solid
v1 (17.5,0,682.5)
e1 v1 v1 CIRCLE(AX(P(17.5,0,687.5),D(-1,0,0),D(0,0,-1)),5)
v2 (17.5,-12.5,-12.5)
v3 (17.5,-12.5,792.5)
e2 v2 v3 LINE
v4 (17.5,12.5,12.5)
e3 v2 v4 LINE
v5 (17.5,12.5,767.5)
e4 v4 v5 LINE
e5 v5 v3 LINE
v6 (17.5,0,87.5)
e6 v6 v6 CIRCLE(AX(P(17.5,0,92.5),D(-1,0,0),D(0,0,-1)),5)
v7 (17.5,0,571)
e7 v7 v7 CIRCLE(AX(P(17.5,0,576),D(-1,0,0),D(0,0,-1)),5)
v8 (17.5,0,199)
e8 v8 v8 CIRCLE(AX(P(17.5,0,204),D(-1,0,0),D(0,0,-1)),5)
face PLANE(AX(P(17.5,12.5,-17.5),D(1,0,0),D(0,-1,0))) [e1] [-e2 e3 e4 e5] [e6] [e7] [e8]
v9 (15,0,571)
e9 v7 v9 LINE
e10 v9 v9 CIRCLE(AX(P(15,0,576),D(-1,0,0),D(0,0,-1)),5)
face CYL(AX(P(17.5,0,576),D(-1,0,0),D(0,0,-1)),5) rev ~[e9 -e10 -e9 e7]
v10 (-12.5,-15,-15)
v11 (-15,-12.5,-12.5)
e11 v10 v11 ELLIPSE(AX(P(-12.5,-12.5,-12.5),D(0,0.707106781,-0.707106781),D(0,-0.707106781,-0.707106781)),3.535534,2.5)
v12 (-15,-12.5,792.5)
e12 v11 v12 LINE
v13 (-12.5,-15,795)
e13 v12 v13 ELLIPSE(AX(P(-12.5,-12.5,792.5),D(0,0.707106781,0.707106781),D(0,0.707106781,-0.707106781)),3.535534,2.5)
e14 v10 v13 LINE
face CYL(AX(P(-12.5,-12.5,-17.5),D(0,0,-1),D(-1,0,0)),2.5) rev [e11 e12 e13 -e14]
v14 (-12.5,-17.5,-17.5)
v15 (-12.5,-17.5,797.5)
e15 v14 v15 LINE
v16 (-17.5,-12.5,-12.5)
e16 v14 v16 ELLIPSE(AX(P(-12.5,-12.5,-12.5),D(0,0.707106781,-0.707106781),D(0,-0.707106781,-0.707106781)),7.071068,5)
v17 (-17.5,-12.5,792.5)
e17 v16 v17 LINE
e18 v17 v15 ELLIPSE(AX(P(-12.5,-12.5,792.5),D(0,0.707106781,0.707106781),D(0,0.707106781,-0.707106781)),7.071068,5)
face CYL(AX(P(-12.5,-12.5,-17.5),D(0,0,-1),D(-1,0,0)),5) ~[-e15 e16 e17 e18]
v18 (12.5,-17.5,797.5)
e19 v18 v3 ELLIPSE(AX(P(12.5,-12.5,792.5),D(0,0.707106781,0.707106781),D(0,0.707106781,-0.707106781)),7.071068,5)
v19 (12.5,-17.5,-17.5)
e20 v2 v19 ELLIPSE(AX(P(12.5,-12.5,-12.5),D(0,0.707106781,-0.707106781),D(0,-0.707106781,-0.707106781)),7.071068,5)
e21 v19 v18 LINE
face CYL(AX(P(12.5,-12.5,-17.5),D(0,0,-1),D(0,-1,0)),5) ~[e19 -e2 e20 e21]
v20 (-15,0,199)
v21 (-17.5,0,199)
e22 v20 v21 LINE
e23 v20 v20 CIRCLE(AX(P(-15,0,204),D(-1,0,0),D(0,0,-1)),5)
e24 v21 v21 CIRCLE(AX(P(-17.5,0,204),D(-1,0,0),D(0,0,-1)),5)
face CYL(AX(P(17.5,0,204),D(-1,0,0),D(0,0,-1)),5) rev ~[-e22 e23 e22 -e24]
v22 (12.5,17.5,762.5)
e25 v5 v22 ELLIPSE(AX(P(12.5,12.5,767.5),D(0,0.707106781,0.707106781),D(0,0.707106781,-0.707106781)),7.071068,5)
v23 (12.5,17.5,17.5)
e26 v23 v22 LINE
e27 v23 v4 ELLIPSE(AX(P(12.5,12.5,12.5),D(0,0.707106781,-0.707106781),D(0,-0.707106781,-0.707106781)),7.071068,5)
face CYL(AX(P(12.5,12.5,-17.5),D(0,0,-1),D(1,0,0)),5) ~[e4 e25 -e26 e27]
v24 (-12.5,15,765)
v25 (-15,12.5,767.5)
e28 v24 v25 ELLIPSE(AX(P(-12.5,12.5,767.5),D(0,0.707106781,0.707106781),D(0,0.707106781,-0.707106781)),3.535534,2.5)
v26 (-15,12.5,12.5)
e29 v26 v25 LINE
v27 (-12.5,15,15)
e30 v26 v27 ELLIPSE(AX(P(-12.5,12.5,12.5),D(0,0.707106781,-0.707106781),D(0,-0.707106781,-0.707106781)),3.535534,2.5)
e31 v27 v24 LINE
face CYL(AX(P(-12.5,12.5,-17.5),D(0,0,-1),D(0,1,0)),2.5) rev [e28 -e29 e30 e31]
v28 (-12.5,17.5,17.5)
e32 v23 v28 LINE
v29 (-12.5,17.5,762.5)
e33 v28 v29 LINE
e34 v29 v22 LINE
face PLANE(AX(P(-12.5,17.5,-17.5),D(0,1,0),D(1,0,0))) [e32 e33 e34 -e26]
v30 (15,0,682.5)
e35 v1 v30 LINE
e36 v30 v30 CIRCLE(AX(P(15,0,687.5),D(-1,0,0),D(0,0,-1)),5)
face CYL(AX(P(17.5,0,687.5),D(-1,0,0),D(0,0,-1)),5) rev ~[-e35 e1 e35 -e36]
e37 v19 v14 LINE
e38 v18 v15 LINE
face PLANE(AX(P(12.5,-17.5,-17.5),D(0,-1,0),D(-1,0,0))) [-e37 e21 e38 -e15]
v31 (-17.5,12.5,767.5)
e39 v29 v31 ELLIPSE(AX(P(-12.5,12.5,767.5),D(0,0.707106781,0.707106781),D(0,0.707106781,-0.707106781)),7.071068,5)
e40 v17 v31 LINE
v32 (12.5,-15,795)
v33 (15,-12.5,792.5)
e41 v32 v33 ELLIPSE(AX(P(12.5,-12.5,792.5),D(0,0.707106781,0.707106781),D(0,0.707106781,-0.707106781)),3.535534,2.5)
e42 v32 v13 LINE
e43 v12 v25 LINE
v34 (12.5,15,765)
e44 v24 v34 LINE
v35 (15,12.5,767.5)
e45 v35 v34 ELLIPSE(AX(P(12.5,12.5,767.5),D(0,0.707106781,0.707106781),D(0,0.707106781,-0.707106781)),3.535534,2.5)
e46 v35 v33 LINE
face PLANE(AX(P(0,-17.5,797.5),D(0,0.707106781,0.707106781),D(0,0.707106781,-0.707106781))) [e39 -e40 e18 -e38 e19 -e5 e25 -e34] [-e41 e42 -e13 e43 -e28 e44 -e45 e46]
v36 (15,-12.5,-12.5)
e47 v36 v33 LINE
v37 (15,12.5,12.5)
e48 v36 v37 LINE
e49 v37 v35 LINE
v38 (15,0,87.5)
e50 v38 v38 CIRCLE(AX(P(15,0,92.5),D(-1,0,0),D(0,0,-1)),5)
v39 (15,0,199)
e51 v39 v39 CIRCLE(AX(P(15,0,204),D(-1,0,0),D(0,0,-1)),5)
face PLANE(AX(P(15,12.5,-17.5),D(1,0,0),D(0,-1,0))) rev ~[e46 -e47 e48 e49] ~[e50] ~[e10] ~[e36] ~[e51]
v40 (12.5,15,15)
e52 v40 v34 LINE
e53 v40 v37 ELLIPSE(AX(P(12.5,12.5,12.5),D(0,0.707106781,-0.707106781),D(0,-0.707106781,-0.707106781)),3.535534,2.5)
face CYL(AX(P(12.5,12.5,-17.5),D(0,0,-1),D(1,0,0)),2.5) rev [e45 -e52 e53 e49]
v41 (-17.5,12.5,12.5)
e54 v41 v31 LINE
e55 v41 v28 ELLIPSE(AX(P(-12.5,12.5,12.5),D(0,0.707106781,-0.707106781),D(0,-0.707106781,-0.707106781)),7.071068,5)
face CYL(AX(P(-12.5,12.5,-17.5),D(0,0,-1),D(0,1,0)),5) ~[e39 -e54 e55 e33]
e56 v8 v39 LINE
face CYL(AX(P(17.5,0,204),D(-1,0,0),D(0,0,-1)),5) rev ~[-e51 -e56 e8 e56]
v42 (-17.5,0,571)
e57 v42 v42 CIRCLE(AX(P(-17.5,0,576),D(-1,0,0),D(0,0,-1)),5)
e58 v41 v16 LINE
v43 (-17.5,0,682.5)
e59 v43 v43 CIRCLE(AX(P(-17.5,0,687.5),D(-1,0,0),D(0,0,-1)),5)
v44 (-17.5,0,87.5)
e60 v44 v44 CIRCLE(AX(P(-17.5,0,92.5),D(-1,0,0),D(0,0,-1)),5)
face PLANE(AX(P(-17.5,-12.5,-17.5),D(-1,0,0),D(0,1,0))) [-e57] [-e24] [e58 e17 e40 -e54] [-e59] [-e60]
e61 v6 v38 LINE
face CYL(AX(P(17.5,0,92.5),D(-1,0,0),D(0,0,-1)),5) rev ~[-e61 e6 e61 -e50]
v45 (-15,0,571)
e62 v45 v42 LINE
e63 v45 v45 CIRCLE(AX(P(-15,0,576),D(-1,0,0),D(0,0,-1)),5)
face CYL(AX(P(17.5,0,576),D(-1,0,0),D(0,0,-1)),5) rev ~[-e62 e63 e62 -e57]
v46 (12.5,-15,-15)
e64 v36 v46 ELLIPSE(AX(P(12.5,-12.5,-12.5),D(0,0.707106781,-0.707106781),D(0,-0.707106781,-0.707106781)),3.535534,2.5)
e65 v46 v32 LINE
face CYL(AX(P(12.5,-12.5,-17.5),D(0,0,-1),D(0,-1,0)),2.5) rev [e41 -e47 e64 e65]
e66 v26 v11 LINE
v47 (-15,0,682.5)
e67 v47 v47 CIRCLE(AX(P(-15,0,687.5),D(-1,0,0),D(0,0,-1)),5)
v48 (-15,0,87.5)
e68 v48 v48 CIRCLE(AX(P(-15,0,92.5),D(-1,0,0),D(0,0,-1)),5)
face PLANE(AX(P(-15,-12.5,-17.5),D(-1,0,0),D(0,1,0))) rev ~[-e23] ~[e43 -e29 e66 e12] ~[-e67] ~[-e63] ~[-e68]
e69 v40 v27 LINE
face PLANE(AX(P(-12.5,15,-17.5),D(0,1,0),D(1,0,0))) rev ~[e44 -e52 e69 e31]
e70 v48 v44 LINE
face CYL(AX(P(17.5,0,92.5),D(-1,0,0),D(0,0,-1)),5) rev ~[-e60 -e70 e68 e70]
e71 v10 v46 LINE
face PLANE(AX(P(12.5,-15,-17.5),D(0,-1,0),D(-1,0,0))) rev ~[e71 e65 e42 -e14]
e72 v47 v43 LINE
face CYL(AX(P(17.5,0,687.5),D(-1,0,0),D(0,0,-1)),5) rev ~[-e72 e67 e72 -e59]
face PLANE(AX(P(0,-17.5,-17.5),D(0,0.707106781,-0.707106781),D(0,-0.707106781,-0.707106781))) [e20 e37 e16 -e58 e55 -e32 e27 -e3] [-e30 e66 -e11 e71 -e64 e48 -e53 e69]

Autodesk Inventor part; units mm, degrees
ref_plane "Start plane" through (0, 0, -17.5) normal (0, 0, 1) x (1, 0, 0)
ref_plane "End plane" through (0, 0, 797.5) normal (0, 0, 1) x (1, 0, 0)
sketch "Sketch" plane through (0, 0, 0) normal (0, 0, 1) x (1, 0, 0)
  line L0 (-17.5, -12.5) -> (-17.5, 12.5)
  line L1 (-12.5, 17.5) -> (12.5, 17.5)
  line L2 (17.5, 12.5) -> (17.5, -12.5)
  line L3 (12.5, -17.5) -> (-12.5, -17.5)
  arc A0 (-17.5, -12.5) -> (-12.5, -17.5) centre (-12.5, -12.5) ccw
  arc A1 (-12.5, 17.5) -> (-17.5, 12.5) centre (-12.5, 12.5) ccw
  arc A2 (17.5, 12.5) -> (12.5, 17.5) centre (12.5, 12.5) ccw
  arc A3 (12.5, -17.5) -> (17.5, -12.5) centre (12.5, -12.5) ccw
  arc A4 (-12.5, 15) -> (-15, 12.5) centre (-12.5, 12.5) ccw
  line L4 (-12.5, 15) -> (12.5, 15)
  arc A5 (15, 12.5) -> (12.5, 15) centre (12.5, 12.5) ccw
  line L5 (15, 12.5) -> (15, -12.5)
  arc A6 (12.5, -15) -> (15, -12.5) centre (12.5, -12.5) ccw
  line L6 (12.5, -15) -> (-12.5, -15)
  arc A7 (-15, -12.5) -> (-12.5, -15) centre (-12.5, -12.5) ccw
  line L7 (-15, -12.5) -> (-15, 12.5)
  line L8 (0, 25.9497) -> (0, -25.9497) construction
  line L9 (-25.9497, 0) -> (25.9497, 0) construction
  dimension "d7" = 5
  dimension "d10" = 35
  dimension "d11" = 35
  dimension "d12" = 2.5
  dimension "d15" = 17.5
  dimension "d16" = 17.5
extrude "Body" add sketch "Sketch" along normal up to surface (815 mm away) from surface at -17.5
sketch "Sketch3" plane through (0, 0, 0) normal (0, 0, 1) x (1, 0, 0)
  line L0 (0, 0) -> (10, 0)
ref_plane "Work Plane3" through (0, 0, 0) normal (0, -1, 0) x (1, 0, 0)
sketch "Sketch4" plane through (0, 0, 0) normal (0, -1, 0) x (1, 0, 0)
  line L0 (-2, -17.5) -> (12, -17.5)
  line L1 (-2, 797.5) -> (12, 797.5)
  dimension "d18" = 815
ref_plane "Work Plane7" through (10, 0, -17.5) normal (0, 0, -1) x (-1, 0, 0)
split "Split4" plane through (10, 0, -17.5) removes the side toward (0, 0, -1)
ref_plane "Work Plane8" through (0, -17.5, -17.5) normal (0, 0.7071, -0.7071) x (1, 0, 0)
split "Split5" plane through (0, -17.5, -17.5) removes the side toward (0, 0.7071, -0.7071)
ref_plane "Work Plane9" through (0, -17.5, 797.5) normal (0, 0.7071, 0.7071) x (1, 0, 0)
split "Split6" plane through (0, -17.5, 797.5) removes the side toward (0, 0.7071, 0.7071)
sketch "Sketch5" plane through (17.5, -12.5, 792.5) normal (1, 0, 0) x (0, 0, -1)
  line L0 (25, 25) -> (0, 0) construction
  line L1 (0, 0) -> (805, 0) construction
  line L2 (805, 0) -> (780, 25) construction
  line L3 (25, 25) -> (190, 25) construction
  line L4 (700, 0) -> (700, 25) construction
  line L5 (25, 25) -> (780, 25) construction
  line L6 (775, 475) -> (775, 30) construction
  line L7 (700, 12.5) -> (588.5, 12.5) construction
  line L8 (588.5, 25) -> (588.5, 0) construction
  line L9 (30, 475) -> (30, 410) construction
  line L10 (105, 25) -> (105, 0) construction
  line L11 (105, 12.5) -> (216.5, 12.5) construction
  line L12 (216.5, 25) -> (216.5, 0) construction
  line L13 (215, 25) -> (390, 25) projected
  line L14 (415, 25) -> (590, 25) projected
  line L15 (215, 25) -> (215, 2.5) projected
  line L16 (215, 2.5) -> (190, 2.5) projected
  line L17 (190, 25) -> (190, 2.5) projected
  line L18 (615, 25) -> (780, 25) projected
  line L19 (590, 25) -> (590, 2.5) projected
  line L20 (415, 25) -> (415, 12.5) projected
  line L21 (415, 12.5) -> (390, 12.5) projected
  line L22 (390, 25) -> (390, 12.5) projected
  line L23 (615, 25) -> (615, 2.5) projected
  line L24 (615, 2.5) -> (590, 2.5) projected
  point P0 (792.5, 12.5)
  point P1 (700, 12.5)
  point P2 (588.5, 12.5)
  point P3 (105, 12.5)
  point P4 (216.5, 12.5)
  point P5 (198.2, 12.5)
  point P6 (228.6, 28.6)
  point P7 (428.6, 28.6)
  point P8 (628.6, 28.6)
  point P9 (626.8, 12.5)
  point P10 (226.8, 25)
  dimension "d19" = 75
  dimension "d20" = 111.5
  dimension "d22" = 75
  dimension "d23" = 111.5
hole "Hole1" at (17.5, 0, 92.5) at (17.5, 0, 204) at (17.5, 0, 576) at (17.5, 0, 687.5) direction (-1, 0, 0) diameter 10 end through all
equation "\"d7\" = G_IR"
equation "\"d10\" = G_H"
equation "\"d11\" = G_W"
equation "\"d12\" = G_T"
equation "\"d15\" = 0.5 * d10"
equation "\"d16\" = 0.5 * d11"
equation "\"d3\" = G_L"
equation "\"G_W\" = 35"
equation "\"G_H\" = 35"
equation "\"G_T\" = 2.5"
equation "\"G_IR\" = 5"
equation "\"G_L\" = d18"
equation "\"G_OFFSET_START\" = 17.5"
equation "\"G_OFFSET_END\" = 17.5"
equation "\"d13\" = -G_OFFSET_START"
equation "\"d14\" = G_OFFSET_END + B_L"
equation "\"B_L\" = 780"
properties part number "AS 1163 - C350L0 35x35x2.5 SHS - 815" material "Steel, Mild"
